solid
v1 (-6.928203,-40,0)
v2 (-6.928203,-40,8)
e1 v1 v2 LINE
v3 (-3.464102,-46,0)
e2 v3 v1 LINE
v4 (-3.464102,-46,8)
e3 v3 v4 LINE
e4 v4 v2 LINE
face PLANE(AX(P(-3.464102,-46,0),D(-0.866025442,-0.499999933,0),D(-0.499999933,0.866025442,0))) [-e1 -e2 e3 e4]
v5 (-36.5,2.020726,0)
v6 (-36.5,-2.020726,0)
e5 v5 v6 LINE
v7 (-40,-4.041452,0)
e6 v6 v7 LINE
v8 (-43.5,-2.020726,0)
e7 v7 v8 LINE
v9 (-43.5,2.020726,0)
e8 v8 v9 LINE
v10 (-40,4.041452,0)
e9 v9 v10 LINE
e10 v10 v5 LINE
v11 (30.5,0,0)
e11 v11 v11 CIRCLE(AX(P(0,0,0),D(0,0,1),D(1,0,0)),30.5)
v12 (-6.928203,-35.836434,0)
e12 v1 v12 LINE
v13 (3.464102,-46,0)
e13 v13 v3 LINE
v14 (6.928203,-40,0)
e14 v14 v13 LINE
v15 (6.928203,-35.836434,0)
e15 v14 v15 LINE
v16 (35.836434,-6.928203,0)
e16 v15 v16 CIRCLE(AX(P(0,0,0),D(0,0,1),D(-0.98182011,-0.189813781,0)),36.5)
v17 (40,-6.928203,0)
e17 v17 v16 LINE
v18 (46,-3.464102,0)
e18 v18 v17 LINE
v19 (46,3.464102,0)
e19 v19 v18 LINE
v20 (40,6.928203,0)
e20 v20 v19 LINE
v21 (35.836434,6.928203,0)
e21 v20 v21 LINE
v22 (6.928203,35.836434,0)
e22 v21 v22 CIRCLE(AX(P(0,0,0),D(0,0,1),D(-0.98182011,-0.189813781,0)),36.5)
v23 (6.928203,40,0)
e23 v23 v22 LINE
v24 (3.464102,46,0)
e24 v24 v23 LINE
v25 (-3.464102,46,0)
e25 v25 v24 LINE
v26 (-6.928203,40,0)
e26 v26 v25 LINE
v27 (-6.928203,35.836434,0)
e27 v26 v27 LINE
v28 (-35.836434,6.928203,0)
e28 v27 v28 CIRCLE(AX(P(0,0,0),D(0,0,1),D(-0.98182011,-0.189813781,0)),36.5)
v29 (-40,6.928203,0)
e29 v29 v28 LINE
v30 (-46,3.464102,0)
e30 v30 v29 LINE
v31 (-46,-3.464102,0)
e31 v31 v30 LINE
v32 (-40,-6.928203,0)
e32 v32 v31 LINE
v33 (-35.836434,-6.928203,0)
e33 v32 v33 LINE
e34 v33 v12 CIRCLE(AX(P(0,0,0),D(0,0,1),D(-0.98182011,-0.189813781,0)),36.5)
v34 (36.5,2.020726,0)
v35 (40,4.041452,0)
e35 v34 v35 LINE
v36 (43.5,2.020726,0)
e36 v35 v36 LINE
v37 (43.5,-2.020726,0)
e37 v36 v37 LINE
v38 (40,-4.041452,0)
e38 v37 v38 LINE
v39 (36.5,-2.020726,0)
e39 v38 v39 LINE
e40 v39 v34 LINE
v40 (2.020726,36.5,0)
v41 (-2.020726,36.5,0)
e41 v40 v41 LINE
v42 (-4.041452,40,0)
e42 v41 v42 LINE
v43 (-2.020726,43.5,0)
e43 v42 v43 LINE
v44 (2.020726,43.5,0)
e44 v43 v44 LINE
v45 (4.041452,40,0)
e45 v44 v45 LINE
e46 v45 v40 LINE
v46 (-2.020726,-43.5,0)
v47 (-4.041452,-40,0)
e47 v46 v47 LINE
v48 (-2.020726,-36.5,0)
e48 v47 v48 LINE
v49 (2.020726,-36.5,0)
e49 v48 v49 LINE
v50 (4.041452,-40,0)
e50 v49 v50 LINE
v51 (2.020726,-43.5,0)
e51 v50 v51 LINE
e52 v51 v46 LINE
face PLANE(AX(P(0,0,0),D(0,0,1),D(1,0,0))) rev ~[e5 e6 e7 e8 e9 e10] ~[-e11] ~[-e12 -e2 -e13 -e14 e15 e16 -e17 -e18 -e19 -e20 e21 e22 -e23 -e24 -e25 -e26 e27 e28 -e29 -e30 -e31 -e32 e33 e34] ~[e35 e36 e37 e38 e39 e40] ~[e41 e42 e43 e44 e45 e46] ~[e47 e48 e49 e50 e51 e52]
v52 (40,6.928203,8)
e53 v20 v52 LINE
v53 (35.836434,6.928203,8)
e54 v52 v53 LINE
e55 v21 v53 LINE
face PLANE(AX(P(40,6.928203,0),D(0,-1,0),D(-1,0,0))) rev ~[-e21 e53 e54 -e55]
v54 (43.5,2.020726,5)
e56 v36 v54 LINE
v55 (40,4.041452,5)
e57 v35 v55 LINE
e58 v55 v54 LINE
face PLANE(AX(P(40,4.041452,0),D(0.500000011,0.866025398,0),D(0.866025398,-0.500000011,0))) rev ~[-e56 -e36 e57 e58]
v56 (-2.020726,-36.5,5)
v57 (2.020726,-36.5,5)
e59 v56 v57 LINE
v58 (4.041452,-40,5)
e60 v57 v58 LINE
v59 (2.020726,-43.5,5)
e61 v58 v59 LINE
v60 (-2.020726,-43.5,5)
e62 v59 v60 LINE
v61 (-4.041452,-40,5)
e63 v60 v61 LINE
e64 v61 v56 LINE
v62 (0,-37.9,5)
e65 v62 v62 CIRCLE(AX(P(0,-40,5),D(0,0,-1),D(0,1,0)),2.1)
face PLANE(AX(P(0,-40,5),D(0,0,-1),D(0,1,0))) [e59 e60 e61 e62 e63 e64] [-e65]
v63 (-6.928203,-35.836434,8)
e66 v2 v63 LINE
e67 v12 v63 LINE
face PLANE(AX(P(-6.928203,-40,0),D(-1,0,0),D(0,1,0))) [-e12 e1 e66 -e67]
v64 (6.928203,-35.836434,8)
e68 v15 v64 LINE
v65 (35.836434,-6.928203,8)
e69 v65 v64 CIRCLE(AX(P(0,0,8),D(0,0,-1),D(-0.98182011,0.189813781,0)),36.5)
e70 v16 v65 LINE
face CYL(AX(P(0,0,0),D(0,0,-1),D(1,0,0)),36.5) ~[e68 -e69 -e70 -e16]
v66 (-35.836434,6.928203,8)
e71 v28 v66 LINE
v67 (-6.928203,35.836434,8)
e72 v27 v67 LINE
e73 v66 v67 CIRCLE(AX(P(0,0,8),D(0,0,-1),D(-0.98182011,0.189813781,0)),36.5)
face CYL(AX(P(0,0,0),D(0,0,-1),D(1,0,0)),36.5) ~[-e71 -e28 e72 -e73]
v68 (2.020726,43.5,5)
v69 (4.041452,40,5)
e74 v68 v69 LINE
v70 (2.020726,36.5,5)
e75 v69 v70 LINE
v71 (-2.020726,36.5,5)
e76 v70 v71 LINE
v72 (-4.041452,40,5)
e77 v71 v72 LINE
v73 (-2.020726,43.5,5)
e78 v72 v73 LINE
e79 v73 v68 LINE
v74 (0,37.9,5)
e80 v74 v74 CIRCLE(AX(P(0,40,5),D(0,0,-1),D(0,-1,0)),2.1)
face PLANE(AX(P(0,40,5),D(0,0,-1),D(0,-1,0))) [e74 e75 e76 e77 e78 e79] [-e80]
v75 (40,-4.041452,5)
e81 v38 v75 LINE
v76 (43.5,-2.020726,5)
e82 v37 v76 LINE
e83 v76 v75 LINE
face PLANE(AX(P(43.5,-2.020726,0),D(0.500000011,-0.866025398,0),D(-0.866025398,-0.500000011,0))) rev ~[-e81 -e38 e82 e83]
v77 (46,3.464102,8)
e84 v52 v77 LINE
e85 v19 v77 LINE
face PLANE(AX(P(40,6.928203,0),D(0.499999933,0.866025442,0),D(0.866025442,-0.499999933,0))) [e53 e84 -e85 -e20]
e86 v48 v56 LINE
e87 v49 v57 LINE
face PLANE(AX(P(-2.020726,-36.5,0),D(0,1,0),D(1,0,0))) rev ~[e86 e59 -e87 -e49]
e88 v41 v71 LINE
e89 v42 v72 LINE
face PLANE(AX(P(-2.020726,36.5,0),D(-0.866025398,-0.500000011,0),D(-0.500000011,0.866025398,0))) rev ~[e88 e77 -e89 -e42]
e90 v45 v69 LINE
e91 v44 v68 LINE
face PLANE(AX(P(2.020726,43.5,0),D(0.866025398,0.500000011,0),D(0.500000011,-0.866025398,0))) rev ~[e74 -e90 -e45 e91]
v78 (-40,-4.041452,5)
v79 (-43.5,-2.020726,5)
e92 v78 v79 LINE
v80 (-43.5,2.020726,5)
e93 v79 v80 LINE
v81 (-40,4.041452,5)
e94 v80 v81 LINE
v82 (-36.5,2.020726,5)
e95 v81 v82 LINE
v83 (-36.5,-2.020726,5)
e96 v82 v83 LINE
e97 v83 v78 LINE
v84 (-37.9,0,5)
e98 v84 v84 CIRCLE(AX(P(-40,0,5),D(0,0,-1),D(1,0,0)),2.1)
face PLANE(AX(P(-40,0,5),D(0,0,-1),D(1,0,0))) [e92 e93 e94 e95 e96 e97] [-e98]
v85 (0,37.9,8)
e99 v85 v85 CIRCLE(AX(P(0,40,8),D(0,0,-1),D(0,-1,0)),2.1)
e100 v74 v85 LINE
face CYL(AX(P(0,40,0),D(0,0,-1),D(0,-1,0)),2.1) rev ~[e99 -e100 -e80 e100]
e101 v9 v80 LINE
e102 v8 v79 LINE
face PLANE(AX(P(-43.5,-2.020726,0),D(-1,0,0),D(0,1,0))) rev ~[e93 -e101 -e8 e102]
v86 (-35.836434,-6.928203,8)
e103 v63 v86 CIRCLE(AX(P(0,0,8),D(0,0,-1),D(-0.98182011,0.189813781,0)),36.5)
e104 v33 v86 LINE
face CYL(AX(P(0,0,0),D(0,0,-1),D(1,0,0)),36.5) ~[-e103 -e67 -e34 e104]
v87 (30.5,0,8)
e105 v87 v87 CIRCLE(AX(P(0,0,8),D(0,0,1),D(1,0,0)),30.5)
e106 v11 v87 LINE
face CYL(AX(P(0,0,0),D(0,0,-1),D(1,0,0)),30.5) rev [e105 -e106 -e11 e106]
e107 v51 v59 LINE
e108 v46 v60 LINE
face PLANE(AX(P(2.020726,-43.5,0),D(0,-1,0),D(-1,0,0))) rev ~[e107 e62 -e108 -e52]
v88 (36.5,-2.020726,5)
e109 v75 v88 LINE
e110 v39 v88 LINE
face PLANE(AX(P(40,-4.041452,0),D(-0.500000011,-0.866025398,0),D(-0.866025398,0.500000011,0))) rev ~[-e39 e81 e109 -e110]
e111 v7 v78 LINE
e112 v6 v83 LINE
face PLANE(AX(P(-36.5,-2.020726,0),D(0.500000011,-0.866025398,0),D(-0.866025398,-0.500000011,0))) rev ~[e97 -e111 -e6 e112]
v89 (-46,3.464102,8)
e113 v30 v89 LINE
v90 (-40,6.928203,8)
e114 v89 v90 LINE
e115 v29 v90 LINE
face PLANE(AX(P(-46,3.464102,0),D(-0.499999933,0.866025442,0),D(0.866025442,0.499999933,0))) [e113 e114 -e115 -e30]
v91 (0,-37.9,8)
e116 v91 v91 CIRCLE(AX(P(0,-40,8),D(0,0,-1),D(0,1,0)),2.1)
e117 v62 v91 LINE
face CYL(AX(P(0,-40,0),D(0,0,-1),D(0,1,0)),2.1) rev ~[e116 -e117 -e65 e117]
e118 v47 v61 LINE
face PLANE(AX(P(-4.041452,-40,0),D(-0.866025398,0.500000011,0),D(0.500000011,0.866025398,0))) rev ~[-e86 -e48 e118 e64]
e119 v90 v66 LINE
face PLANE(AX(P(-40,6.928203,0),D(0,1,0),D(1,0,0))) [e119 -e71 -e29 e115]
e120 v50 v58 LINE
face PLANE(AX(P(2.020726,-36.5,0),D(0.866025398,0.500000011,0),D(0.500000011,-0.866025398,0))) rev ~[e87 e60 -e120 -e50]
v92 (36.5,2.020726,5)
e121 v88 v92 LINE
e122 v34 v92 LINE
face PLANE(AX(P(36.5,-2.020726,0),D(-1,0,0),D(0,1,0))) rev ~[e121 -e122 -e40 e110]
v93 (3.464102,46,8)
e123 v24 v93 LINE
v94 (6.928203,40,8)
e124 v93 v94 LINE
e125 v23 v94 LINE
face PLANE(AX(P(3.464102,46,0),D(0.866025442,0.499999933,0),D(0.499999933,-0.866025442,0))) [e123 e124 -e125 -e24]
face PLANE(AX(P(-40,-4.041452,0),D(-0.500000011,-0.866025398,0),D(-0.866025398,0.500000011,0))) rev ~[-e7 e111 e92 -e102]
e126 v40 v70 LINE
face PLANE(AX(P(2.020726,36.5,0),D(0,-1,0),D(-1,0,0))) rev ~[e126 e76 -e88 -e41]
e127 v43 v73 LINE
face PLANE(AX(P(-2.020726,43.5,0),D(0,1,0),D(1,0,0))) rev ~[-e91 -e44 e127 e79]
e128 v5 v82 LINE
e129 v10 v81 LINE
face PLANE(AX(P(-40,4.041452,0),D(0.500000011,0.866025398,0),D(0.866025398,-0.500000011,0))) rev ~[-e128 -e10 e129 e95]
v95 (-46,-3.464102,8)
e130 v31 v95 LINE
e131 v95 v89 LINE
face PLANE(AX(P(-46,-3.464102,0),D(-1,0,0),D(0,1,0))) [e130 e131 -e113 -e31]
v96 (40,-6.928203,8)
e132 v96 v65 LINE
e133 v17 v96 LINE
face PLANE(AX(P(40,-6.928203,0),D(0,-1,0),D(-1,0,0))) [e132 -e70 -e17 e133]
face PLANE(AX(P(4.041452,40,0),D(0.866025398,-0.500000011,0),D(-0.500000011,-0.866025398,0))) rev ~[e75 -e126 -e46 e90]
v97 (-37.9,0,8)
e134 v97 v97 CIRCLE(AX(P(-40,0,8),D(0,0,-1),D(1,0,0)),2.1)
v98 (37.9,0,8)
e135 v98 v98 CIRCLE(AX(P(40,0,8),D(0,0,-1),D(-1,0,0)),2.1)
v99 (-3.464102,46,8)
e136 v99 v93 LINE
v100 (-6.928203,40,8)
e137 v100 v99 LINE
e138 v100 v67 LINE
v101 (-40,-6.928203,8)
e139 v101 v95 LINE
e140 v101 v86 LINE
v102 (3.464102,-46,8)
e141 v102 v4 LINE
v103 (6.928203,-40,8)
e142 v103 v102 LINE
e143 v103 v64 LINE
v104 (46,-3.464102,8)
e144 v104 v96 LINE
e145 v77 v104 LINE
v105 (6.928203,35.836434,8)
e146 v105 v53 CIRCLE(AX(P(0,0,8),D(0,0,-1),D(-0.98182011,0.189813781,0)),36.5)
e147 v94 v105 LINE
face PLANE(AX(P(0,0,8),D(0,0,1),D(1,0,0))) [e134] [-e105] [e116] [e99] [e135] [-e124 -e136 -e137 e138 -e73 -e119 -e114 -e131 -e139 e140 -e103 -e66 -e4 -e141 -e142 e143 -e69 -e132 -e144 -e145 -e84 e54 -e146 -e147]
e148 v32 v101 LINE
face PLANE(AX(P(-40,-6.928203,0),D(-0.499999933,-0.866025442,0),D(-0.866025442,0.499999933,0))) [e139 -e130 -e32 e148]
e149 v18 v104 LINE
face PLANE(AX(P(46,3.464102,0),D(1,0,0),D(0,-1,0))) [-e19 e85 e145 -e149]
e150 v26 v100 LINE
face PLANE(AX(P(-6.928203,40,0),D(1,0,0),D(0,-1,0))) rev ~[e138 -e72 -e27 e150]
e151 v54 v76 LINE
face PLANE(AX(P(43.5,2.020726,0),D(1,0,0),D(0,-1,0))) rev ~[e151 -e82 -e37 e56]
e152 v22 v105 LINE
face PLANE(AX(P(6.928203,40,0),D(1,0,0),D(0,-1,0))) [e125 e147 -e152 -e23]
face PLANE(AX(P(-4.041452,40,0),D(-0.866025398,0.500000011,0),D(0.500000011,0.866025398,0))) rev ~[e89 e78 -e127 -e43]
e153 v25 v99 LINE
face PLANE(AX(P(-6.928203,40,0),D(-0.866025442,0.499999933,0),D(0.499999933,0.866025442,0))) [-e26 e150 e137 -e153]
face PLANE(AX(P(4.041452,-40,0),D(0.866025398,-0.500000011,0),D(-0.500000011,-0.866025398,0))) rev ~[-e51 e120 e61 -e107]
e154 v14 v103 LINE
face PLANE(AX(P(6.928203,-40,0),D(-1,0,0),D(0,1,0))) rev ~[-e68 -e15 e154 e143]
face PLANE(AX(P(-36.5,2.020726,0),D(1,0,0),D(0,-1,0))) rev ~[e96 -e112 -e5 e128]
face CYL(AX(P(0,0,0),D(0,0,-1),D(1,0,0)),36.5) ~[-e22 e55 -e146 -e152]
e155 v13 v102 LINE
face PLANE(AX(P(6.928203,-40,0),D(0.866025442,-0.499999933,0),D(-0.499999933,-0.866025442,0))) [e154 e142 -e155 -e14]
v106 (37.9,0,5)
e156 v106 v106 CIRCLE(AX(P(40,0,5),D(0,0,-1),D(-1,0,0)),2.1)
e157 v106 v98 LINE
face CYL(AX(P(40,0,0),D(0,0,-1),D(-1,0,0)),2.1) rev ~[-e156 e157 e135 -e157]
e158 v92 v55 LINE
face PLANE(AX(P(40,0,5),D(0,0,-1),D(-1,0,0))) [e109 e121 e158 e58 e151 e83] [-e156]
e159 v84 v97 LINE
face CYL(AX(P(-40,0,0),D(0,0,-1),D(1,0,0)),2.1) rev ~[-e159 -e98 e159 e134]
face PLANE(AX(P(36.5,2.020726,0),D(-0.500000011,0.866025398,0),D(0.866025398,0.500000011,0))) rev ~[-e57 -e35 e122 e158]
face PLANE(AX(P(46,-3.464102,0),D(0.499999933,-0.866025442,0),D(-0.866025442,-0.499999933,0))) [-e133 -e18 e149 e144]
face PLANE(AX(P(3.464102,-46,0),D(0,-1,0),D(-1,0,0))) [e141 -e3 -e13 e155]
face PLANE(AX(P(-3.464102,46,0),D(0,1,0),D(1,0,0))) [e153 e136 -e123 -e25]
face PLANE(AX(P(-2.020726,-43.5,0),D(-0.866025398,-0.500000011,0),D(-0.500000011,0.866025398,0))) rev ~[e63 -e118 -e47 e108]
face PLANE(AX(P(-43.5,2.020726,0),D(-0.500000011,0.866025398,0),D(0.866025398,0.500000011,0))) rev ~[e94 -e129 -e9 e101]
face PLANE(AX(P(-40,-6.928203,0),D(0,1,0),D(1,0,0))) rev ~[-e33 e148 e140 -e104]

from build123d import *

# Parameters (mm, degrees)
SKETCH_R              = 36.5
SKETCH_R_2            = 30.5
PAD_DEPTH             = 8
SKETCH002_R           = 2.1
PAD001_DEPTH          = 8
POLARPATTERN_COUNT    = 4
POCKET001_DEPTH       = 5
POLARPATTERN001_COUNT = 4


with BuildPart() as part:
    # Sketch → Pad (new body)
    with BuildSketch(Plane.XY):
        Circle(SKETCH_R)
        Circle(SKETCH_R_2, mode=Mode.SUBTRACT)
    extrude(amount=PAD_DEPTH)

    # Sketch002 (on Face3 of Pad) → Pad001 (join)
    with BuildSketch(Plane(origin=(0, 0, 0), x_dir=(1, 0, 0), z_dir=(0, 0, -1))):
        with BuildLine():
            Line((-40, 6.928203), (-46, 3.464102))
            Line((-46, 3.464102), (-46, -3.464102))
            Line((-46, -3.464102), (-40, -6.928203))
            Line((-40, -6.928203), (-35.836434, -6.928203))
            ThreePointArc((-35.836434, 6.928203), (-36.5, 0), (-35.836434, -6.928203))
            Line((-40, 6.928203), (-35.836434, 6.928203))
        make_face()
        with Locations((-40, 0)):
            Circle(SKETCH002_R, mode=Mode.SUBTRACT)
    pad001 = extrude(amount=-PAD001_DEPTH)

    # PolarPattern: Pad001 ×4 about axis
    polarpattern_axis = Axis((0, 0, 0), (0, 0, -1))
    for i in range(1, POLARPATTERN_COUNT):
        add(pad001.rotate(polarpattern_axis, i * 360 / POLARPATTERN_COUNT))

    # Sketch003 (on Face2 of PolarPattern) → Pocket001 (cut)
    with BuildSketch(Plane(origin=(0, 0, 0), x_dir=(1, 0, 0), z_dir=(0, 0, -1))):
        Polygon((-36.5, 2.020726), (-40, 4.041452), (-43.5, 2.020726), (-43.5, -2.020726), (-40, -4.041452), (-36.5, -2.020726), align=None)
    pocket001 = extrude(amount=-POCKET001_DEPTH, mode=Mode.SUBTRACT)

    # PolarPattern001: Pocket001 ×4 about axis
    polarpattern001_axis = Axis((0, 0, 0), (0, 0, -1))
    for i in range(1, POLARPATTERN001_COUNT):
        add(pocket001.rotate(polarpattern001_axis, i * 360 / POLARPATTERN001_COUNT), mode=Mode.SUBTRACT)


solid = part.part
